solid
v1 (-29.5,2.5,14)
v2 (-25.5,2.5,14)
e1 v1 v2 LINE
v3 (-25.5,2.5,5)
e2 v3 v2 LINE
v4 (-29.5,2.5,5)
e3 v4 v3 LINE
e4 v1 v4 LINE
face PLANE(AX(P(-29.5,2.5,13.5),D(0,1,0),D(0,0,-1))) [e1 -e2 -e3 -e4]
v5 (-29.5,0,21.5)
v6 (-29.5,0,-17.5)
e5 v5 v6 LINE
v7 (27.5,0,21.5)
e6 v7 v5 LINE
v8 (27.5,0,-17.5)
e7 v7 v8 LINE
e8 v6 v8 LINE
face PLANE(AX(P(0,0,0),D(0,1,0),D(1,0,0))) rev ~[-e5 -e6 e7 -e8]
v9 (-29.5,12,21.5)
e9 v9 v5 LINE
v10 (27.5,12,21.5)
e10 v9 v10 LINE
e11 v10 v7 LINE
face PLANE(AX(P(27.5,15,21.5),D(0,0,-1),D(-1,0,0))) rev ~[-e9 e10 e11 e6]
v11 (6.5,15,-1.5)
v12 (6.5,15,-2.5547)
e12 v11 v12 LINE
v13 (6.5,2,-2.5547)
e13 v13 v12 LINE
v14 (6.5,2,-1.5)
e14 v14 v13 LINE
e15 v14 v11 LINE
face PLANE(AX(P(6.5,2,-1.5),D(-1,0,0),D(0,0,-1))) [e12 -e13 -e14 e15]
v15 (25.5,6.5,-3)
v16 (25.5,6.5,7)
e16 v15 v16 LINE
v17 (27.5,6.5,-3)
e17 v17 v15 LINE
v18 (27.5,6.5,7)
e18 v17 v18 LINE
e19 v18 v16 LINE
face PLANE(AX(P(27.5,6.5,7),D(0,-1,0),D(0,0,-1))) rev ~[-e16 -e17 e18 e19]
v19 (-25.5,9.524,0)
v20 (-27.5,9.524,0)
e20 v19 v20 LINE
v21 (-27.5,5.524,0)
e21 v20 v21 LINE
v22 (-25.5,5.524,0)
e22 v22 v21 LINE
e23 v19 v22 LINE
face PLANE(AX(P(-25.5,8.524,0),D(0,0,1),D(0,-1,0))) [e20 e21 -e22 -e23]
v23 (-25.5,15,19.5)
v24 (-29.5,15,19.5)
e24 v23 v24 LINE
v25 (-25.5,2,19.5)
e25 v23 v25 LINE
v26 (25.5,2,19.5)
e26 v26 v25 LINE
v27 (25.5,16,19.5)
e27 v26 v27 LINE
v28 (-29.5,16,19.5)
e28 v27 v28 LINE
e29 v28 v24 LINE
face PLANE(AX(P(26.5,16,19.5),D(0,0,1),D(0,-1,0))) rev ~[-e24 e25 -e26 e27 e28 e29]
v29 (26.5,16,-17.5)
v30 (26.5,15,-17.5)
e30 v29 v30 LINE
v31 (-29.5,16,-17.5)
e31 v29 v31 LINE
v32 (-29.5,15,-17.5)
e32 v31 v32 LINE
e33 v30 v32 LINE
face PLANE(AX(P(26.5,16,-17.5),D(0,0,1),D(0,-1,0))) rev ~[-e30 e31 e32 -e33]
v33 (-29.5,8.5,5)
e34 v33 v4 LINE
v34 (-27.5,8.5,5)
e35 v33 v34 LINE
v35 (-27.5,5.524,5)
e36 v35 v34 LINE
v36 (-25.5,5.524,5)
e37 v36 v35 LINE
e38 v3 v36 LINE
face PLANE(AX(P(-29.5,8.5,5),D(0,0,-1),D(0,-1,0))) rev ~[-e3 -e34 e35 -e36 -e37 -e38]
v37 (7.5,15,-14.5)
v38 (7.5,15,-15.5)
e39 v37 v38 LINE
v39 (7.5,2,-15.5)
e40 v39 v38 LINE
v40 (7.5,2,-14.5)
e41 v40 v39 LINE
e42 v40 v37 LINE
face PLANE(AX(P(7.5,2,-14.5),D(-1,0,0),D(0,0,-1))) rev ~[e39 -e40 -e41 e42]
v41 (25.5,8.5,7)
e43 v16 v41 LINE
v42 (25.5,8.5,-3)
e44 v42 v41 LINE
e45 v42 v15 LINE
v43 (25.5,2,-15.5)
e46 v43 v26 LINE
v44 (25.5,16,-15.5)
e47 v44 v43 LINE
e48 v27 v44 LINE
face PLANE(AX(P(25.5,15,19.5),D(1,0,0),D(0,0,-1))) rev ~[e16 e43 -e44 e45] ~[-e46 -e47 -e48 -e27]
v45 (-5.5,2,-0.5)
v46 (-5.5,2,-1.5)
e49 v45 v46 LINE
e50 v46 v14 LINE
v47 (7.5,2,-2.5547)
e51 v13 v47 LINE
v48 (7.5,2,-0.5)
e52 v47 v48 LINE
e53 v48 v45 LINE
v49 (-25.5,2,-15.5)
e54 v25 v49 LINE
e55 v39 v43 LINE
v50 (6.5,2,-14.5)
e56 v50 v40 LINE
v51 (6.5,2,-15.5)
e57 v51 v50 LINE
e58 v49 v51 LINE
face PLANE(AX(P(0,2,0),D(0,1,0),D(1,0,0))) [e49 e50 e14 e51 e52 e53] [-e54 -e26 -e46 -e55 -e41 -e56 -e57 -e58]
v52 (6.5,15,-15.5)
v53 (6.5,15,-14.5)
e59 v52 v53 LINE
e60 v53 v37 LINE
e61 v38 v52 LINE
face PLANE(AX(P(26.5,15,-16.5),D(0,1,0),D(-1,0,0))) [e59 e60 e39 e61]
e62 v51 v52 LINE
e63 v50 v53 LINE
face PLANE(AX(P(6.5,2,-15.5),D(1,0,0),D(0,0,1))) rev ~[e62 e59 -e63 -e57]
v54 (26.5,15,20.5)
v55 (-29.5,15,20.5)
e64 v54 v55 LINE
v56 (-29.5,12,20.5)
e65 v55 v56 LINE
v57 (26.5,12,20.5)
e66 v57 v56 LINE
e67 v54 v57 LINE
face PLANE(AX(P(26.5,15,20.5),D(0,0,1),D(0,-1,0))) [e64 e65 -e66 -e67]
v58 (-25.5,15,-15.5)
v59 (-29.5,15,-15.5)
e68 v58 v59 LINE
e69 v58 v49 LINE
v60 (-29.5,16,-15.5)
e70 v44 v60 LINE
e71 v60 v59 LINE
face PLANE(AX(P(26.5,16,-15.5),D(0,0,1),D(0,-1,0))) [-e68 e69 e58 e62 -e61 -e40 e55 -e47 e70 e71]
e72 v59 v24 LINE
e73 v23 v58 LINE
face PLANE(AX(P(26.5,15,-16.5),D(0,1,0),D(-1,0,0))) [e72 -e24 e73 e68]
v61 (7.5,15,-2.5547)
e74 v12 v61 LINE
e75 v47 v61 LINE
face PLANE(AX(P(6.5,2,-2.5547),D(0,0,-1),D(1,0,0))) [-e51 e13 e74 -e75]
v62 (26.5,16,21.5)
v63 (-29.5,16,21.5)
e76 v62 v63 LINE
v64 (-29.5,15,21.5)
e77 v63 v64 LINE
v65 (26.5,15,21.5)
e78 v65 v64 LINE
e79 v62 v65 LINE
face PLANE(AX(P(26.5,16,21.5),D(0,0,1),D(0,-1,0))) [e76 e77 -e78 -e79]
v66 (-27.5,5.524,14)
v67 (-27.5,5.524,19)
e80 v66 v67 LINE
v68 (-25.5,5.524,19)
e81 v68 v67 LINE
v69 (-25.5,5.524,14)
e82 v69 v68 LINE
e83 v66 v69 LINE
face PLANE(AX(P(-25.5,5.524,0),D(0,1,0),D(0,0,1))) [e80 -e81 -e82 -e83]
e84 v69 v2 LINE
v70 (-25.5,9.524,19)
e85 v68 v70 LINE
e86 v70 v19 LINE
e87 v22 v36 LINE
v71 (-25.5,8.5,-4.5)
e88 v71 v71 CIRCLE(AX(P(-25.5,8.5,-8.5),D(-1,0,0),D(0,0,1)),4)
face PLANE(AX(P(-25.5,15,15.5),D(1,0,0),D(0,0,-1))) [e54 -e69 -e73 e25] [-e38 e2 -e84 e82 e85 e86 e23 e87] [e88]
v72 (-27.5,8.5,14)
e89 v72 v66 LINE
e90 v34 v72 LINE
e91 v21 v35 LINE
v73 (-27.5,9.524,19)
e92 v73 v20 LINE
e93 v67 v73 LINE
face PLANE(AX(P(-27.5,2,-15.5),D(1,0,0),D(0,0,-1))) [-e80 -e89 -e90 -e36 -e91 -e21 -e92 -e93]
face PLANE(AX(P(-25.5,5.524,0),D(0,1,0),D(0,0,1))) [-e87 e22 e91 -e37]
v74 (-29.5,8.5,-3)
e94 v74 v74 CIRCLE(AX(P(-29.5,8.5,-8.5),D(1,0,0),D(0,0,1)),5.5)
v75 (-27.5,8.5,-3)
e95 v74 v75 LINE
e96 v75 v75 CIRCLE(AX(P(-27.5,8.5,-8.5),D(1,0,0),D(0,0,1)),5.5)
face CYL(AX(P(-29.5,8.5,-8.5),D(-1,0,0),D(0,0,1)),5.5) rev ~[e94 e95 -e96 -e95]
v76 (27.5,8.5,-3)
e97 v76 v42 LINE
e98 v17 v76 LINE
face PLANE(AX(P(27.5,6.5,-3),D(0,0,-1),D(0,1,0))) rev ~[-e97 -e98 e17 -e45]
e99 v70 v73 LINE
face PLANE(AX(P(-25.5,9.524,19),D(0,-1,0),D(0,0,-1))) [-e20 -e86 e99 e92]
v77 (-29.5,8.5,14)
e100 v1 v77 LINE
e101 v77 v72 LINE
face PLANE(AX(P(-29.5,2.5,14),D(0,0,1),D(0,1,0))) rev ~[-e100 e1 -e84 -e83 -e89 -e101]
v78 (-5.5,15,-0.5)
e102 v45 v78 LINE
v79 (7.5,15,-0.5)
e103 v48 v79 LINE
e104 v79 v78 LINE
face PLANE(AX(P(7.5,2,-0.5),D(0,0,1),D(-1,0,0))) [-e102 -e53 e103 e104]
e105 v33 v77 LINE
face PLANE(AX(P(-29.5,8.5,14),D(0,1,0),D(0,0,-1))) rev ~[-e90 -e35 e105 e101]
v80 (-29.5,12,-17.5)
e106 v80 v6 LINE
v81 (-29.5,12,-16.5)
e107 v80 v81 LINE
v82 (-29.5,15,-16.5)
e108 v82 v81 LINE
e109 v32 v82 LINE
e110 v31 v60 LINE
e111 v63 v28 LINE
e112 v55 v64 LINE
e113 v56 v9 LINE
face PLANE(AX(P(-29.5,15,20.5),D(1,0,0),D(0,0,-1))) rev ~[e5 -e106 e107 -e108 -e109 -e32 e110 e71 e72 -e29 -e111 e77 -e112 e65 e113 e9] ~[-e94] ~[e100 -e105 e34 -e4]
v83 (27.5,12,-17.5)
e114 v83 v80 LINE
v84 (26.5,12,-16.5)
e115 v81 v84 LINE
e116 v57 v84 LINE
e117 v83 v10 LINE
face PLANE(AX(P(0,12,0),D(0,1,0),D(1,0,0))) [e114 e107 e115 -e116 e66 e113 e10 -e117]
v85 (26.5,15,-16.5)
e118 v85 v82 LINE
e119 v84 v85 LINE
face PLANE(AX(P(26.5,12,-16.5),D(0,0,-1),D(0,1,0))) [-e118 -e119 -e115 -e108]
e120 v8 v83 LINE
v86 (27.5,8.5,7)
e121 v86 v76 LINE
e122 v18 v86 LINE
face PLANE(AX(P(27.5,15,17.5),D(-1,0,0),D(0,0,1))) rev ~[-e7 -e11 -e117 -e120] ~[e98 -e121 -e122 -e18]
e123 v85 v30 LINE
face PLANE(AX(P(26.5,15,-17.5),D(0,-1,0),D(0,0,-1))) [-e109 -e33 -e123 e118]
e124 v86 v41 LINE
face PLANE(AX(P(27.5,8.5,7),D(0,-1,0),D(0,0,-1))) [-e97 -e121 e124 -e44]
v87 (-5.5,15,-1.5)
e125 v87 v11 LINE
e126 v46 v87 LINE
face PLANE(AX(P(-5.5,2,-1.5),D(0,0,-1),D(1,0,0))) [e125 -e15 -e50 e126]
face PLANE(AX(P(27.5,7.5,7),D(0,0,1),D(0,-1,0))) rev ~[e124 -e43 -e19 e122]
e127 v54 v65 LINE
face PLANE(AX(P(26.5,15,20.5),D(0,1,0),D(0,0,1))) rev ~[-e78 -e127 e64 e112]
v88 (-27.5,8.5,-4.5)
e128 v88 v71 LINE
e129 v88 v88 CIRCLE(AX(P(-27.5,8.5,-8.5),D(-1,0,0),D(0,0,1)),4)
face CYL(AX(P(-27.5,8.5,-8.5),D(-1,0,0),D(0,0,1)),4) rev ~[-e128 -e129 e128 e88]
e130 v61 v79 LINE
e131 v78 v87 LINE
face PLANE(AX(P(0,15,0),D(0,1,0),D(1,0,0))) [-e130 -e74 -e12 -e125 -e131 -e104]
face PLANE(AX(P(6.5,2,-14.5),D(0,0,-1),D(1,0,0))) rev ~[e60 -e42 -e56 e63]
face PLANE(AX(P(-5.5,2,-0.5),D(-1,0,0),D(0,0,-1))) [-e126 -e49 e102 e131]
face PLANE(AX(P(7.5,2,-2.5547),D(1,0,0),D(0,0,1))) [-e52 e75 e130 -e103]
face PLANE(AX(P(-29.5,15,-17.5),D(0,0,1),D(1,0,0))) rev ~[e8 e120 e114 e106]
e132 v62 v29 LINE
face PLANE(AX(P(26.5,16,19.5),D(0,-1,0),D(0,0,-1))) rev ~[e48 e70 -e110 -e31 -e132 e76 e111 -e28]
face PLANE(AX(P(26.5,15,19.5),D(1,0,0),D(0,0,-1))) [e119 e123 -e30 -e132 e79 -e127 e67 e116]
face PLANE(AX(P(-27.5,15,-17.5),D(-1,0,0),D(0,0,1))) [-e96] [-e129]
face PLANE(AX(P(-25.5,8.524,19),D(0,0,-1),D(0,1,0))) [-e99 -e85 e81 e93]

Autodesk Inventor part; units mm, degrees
ref_plane "YZ Plane" through (0, 0, 0) normal (1, 0, 0) x (0, 1, 0)
ref_plane "XZ Plane" through (0, 0, 0) normal (0, 1, 0) x (-1, 0, 0)
ref_plane "XY Plane" through (0, 0, 0) normal (0, 0, 1) x (1, 0, 0)
sketch "Boceto1" plane through (0, 0, 0) normal (0, 1, 0) x (-1, 0, 0)
  line L0 (27.5, -17.5) -> (-27.5, -17.5)
  line L1 (-27.5, -17.5) -> (-27.5, 17.5)
  line L2 (-27.5, 17.5) -> (27.5, 17.5)
  line L3 (27.5, 17.5) -> (27.5, -17.5)
  line L4 (27.5, -17.5) -> (-27.5, 17.5) construction
  line L5 (-27.5, -17.5) -> (27.5, 17.5) construction
  point P0 (0, 0)
  dimension "d0" = 55
  dimension "d1" = 35
extrude "Extrusión1" add sketch "Boceto1" along normal blind 15
sketch "Boceto2" plane through (0, 15, 0) normal (0, 1, 0) x (1, 0, 0)
  line L0 (25.5, -15.5) -> (-25.5, -15.5)
  line L1 (-25.5, -15.5) -> (-25.5, 15.5)
  line L2 (-25.5, 15.5) -> (25.5, 15.5)
  line L3 (25.5, 15.5) -> (25.5, -15.5)
  line L4 (25.5, -15.5) -> (-25.5, 15.5) construction
  line L5 (-25.5, -15.5) -> (25.5, 15.5) construction
  point P0 (0, 0)
  dimension "d4" = 51
  dimension "d5" = 31
extrude "Extrusión2" cut sketch "Boceto2" against normal blind 13
sketch "Boceto3" plane through (-27.5, 0, -17.5) normal (-1, 0, 0) x (0, 0, 1)
  point P0 (17.5, 0)
sketch "Boceto4" plane through (0, 15, 0) normal (0, 1, 0) x (1, 0, 0)
  line L0 (-27.5, 17.5) -> (-27.5, -17.5) projected
  line L1 (-27.5, -17.5) -> (-29.5, -17.5)
  line L2 (-29.5, -17.5) -> (-29.5, 17.5)
  line L3 (-29.5, 17.5) -> (-27.5, 17.5)
  line L4 (-27.5, 17.5) -> (-27.5, -17.5)
  point P0 (0, 0)
  dimension "d8" = 2
extrude "Extrusión3" add sketch "Boceto4" against normal blind 15
sketch "Boceto5" plane through (-29.5, 15, -17.5) normal (-1, 0, 0) x (0, 0, 1)
  line L0 (35, 0) -> (0, 0) projected
  line L1 (0, 0) -> (9, 0)
  line L2 (9, 0) -> (9, -6.5)
  line L3 (2, -13) -> (33, -13) projected
  circle A0 centre (9, -6.5) radius 5.5
  point P0 (17.5, -15)
  dimension "d11" = 9
  dimension "d12" = 6.5
  dimension "d13" = 11
extrude "Extrusión4" cut sketch "Boceto5" against normal blind 2
sketch "Boceto6" plane through (-27.5, 8.5, -8.5) normal (-1, 0, 0) x (0, 0, 1)
  circle A0 centre (0, 0) radius 4
  point P0 (8.5, -8.5)
  dimension "d16" = 8
extrude "Extrusión5" cut sketch "Boceto6" against normal blind 2
sketch "Boceto7" plane through (0, 2, 0) normal (0, 1, 0) x (1, 0, 0)
  line L0 (-27.5, 3) -> (-27.5, 14) projected
  line L1 (-27.5, 3) -> (-27.5, 8.5)
  line L2 (-25.5, -15.5) -> (-25.5, 15.5) projected
  line L3 (-25.5, 8.5) -> (-25.5, 1.5)
  line L4 (-25.5, 15.5) -> (25.5, 15.5) projected
  line L5 (7.5, 15.5) -> (7.5, 14.5)
  line L6 (7.5, 14.5) -> (6.5, 14.5)
  line L7 (6.5, 14.5) -> (6.5, 15.5)
  line L8 (6.5, 1.5) -> (6.5, 2.5547)
  line L9 (6.5, 2.5547) -> (7.5, 2.5547)
  line L10 (7.5, 2.5547) -> (7.5, 0.5)
  line L11 (7.5, 0.5) -> (-5.5, 0.5)
  line L12 (-5.5, 0.5) -> (-5.5, 1.5)
  line L13 (-5.5, 1.5) -> (6.5, 1.5)
  point P0 (0, 0)
  dimension "d19" = 7
  dimension "d27" = 32
extrude "Extrusión6" add sketch "Boceto7" along normal blind 13 contours L8 L9 L10 L11 L12 L13
sketch "Boceto8" plane through (0, 2, 0) normal (0, 1, 0) x (1, 0, 0)
  line L0 (6.5, 1.5) -> (6.5, 2.5547) projected
  line L1 (-25.5, 15.5) -> (25.5, 15.5) projected
  line L2 (6.5, 15.5) -> (6.5, 14.5)
  line L3 (6.5, 14.5) -> (7.5, 14.5)
  line L4 (7.5, 14.5) -> (7.5, 15.5)
  point P0 (0, 0)
extrude "Extrusión7" add sketch "Boceto8" along normal blind 13
sketch "Boceto9" plane through (0, 15, 0) normal (0, 1, 0) x (1, 0, 0)
  line L0 (-29.5, -17.5) -> (27.5, -17.5) projected
  line L1 (27.5, -17.5) -> (27.5, -21.5)
  line L2 (27.5, -21.5) -> (-29.5, -21.5)
  line L3 (-29.5, -21.5) -> (-29.5, -17.5)
  point P0 (0, 0)
  dimension "d34" = 4
extrude "Extrusión8" add sketch "Boceto9" against normal blind 15
sketch "Boceto10" plane through (0, 15, 0) normal (0, 1, 0) x (1, 0, 0)
  line L0 (25.5, -15.5) -> (-25.5, -15.5) projected
  line L1 (-25.5, -15.5) -> (25.5, -15.5)
  line L2 (25.5, -15.5) -> (25.5, -19.5)
  line L3 (25.5, -19.5) -> (-25.5, -19.5)
  line L4 (-25.5, -19.5) -> (-25.5, -15.5)
  point P0 (0, 0)
  dimension "d37" = 4
extrude "Extrusión9" cut sketch "Boceto10" against normal blind 13
sketch "Boceto11" plane through (-29.5, 0, -17.5) normal (-1, 0, 0) x (0, 0, 1)
  line L0 (39, 15) -> (37, 15)
  line L1 (39, 15) -> (0, 15) projected
  line L2 (37, 15) -> (27, 15)
  line L3 (0, 0) -> (39, 0) projected
  line L4 (2, 2) -> (37, 2) projected
  line L5 (27, 5.5) -> (27, 8.5)
  line L6 (27, 5.5) -> (31, 5.5)
  line L7 (31, 5.5) -> (31, 2.5)
  line L8 (31, 2.5) -> (23, 2.5)
  line L9 (23, 2.5) -> (23, 5.5)
  line L10 (23, 5.5) -> (27, 5.5)
  point P0 (17.5, 0)
  dimension "d41" = 10
  dimension "d45" = 3
  dimension "d46" = 4
extrude "Extrusión10" cut sketch "Boceto11" against normal blind 4
sketch "Boceto12" plane through (-25.5, 2, -15.5) normal (1, 0, 0) x (0, 0, -1)
  line L0 (-29, 3.5) -> (-29, 0.5) projected
  line L1 (-29, 3.5) -> (-25, 3.5)
  line L2 (-29, 3.5) -> (-21, 3.5) projected
  line L3 (-25, 6.5) -> (-21, 6.5)
  line L4 (-21, 0.5) -> (-21, 3.5) projected
  line L5 (-21, 6.5) -> (-21, 3.5)
  line L6 (-21, 3.5) -> (-29, 3.5)
  line L7 (-29, 6.5) -> (-29, 3.2703)
  line L8 (-29, 6.5) -> (-25, 6.5)
  point P0 (-15.5, -2)
sketch "Boceto13" plane through (-25.5, 2, -15.5) normal (1, 0, 0) x (0, 0, -1)
  line L0 (-25, 3.524) -> (-34.5, 3.524)
  line L1 (-35, 13) -> (-35, 0) projected
  line L2 (-34.5, 3.524) -> (-34.5, 6.524)
  line L3 (-35, 13) -> (0, 13) projected
  line L4 (-34.5, 6.524) -> (-15.5, 6.524)
  line L5 (-15.5, 6.524) -> (-15.5, 3.524)
  line L6 (-35, 0) -> (0, 0) projected
  line L7 (-15.5, 3.524) -> (-25, 3.524)
  point P0 (-15.5, -2)
  dimension "d52" = 9.5
  dimension "d54" = 3
  dimension "d55" = 19
  dimension "d56" = 3
extrude "Extrusión11" cut sketch "Boceto13" against normal blind 2
sketch "Boceto14" plane through (27.5, 0, -17.5) normal (1, 0, 0) x (0, 0, -1)
  line L0 (0, 15) -> (0, 0) projected
  line L1 (0, 0) -> (-19.5, 0)
  line L2 (-39, 0) -> (0, 0) projected
  line L3 (-19.5, 0) -> (-19.5, 7.5)
  line L4 (-36.5, 8.524) -> (-17.5, 8.524) projected
  line L5 (-19.5, 7.5) -> (-24.5, 7.5)
  line L6 (-39, 15) -> (-39, 0) projected
  line L7 (-24.5, 7.5) -> (-24.5, 6.5)
  line L8 (-24.5, 6.5) -> (-14.5, 6.5)
  line L9 (-14.5, 6.5) -> (-14.5, 8.5)
  line L10 (-37, 15) -> (-2, 15) projected
  line L11 (-24.5, 6.5) -> (-24.5, 8.5)
  line L12 (-24.5, 8.5) -> (-14.5, 8.5)
  point P0 (-17.5, 0)
  dimension "d59" = 19.5
  dimension "d60" = 7.5
  dimension "d61" = 5
  dimension "d62" = 1
  dimension "d63" = 10
  dimension "d64" = 2
  dimension "d65" = 2
extrude "Extrusión12" cut sketch "Boceto14" against normal blind 3
sketch "Boceto15" plane through (0, 15, 0) normal (0, 1, 0) x (1, 0, 0)
  line L0 (27.5, -21.5) -> (-29.5, -21.5) projected
  line L1 (27.5, 17.5) -> (-29.5, 17.5) projected
  line L2 (-29.5, -21.5) -> (27.5, -21.5)
  line L3 (27.5, -21.5) -> (27.5, 17.5)
  line L4 (27.5, 17.5) -> (-29.5, 17.5)
  line L5 (27.5, -21.5) -> (27.5, 17.5) projected
  line L6 (27.5, 17.5) -> (27.5, 16.5)
  line L7 (26.5, 16.5) -> (-28.5, 16.5)
  line L8 (-28.5, -20.5) -> (26.5, -20.5)
  line L9 (26.5, -20.5) -> (26.5, 16.5)
  line L10 (-28.5, 16.5) -> (-29.5, 16.5)
  line L11 (-29.5, 17.5) -> (-29.5, -21.5) projected
  line L12 (27.5, 17.5) -> (-29.5, 17.5) projected
  line L13 (-29.5, 16.5) -> (-29.5, 17.5)
  line L14 (-28.5, -20.5) -> (-29.5, -20.5)
  line L15 (-29.5, -21.5) -> (-29.5, -20.5)
  point P0 (0, 0)
  dimension "d69" = 1
  dimension "d70" = 55
  dimension "d71" = 37
sketch "Boceto16" plane through (0, 15, 0) normal (0, 1, 0) x (1, 0, 0)
  point P0 (0, 0)
extrude "Extrusión13" cut sketch "Boceto15" against normal blind 3 contours L0 L11 L14 L8 L9 L7 L10 L1 L3
sketch "Boceto17" plane through (-29.5, 15, 20.5) normal (0, 0, 1) x (1, 0, 0)
  line L0 (0, 0) -> (56, 0) projected
  line L1 (56, 0) -> (56, -3) projected
  line L2 (0, 0) -> (56, 0)
  line L3 (56, 0) -> (56, -1.5)
  line L4 (56, -1.5) -> (0, -1.5)
  line L5 (0, -1.5) -> (0, 0)
  point P0 (29.5, -15)
extrude "Extrusión14" add sketch "Boceto17" along normal blind 1
sketch "Boceto18" plane through (26.5, 15, -16.5) normal (0, 0, -1) x (-1, 0, 0)
  line L0 (0, 0) -> (56, 0) projected
  line L1 (0, -1.5) -> (56, -1.5) projected
  line L2 (0, 0) -> (56, 0)
  line L3 (56, 0) -> (56, -1.5)
  line L4 (56, -1.5) -> (0, -1.5)
  line L5 (0, -1.5) -> (0, 0)
  point P0 (26.5, -15)
extrude "Extrusión15" add sketch "Boceto18" along normal blind 1
sketch "Boceto19" plane through (-29.5, 0, -17.5) normal (-1, 0, 0) x (0, 0, 1)
  line L0 (23, 2.5) -> (23, 5.5) projected
  line L1 (23, 5.5) -> (31, 5.5)
  line L2 (31, 5.5) -> (31, 8.5)
  line L3 (31, 8.5) -> (23, 8.5)
  line L4 (23, 8.5) -> (23, 5.5)
  point P0 (17.5, 0)
  dimension "d78" = 8
  dimension "d79" = 3
extrude "Extrusión16" cut sketch "Boceto19" against normal blind 6
sketch "Boceto20" plane through (-29.5, 0, -17.5) normal (-1, 0, 0) x (0, 0, 1)
  line L0 (23, 8.5) -> (23, 5.524) projected
  line L1 (23, 8.5) -> (22.5, 8.5)
  line L2 (24.5, 8.5) -> (14.5, 8.5) projected
  line L3 (22.5, 8.5) -> (22.5, 2.5)
  line L4 (22.5, 2.5) -> (31.5, 2.5)
  line L5 (23, 2.5) -> (31, 2.5) projected
  line L6 (31.5, 2.5) -> (31.5, 8.5)
  line L7 (31.5, 8.5) -> (22.5, 8.5)
  point P0 (17.5, 0)
  dimension "d82" = 0.5
  dimension "d83" = 6
  dimension "d84" = 9
  dimension "d85" = 6
extrude "Extrusión17" cut sketch "Boceto20" against normal blind 6
sketch "Boceto21" plane through (-25.5, 2, -15.5) normal (1, 0, 0) x (0, 0, -1)
  line L0 (-34.5, 6.524) -> (-15.5, 6.524) projected
  line L1 (-34.5, 6.524) -> (-34.5, 7.524)
  line L2 (-34.5, 7.524) -> (-15.5, 7.524)
  line L3 (-15.5, 7.524) -> (-15.5, 6.524)
  line L4 (-15.5, 6.524) -> (-34.5, 6.524)
  point P0 (-15.5, -2)
  dimension "d88" = 1
extrude "Extrusión18" cut sketch "Boceto21" against normal blind 2
sketch "Boceto22" plane through (26.5, 12, 20.5) normal (1, 0, 0) x (0, 0, -1)
  line L0 (0, 0) -> (37, 0) projected
  line L1 (37, 0) -> (37, 3)
  line L2 (-1, 3) -> (38, 3) projected
  line L3 (37, 3) -> (38, 3)
  line L4 (37, 0) -> (38, 0) projected
  line L5 (38, 3) -> (38, 0)
  line L6 (38, 0) -> (37, 0)
  line L7 (0, 1.5) -> (0, 0) projected
  line L8 (-1, 0) -> (-1, -12) projected
  line L9 (0, 0) -> (-1, 0)
  line L10 (-1, 0) -> (-1, 3)
  line L11 (0, 3) -> (0, 0)
  point P0 (20.5, -12)
extrude "Extrusión19" cut sketch "Boceto22" against normal blind 100 contours L9 L10 L2 L11 L7 | L1 L2 L5 L4
sketch "Boceto23" plane through (26.5, 15, 20.5) normal (1, 0, 0) x (0, 0, -1)
  line L0 (37, 0) -> (37, -3) projected
  line L1 (37, 0) -> (38, 0)
  line L2 (38, 0) -> (38.5, 0)
  line L3 (38.5, 0) -> (38.5, 1)
  line L4 (38.5, 1) -> (37, 1)
  line L5 (37, 1) -> (36, 1)
  line L6 (36, 1) -> (36, 0)
  line L7 (37, 0) -> (36, 0)
  line L8 (0, 0) -> (37, 0) projected
  point P0 (20.5, -15)
  dimension "d93" = 1
  dimension "d94" = 0.5
  dimension "d95" = 1
extrude "Extrusión20" add sketch "Boceto23" against normal blind 56
sketch "Boceto24" plane through (26.5, 15, 20.5) normal (1, 0, 0) x (0, 0, -1)
  line L0 (36, 0) -> (0, 0) projected
  line L1 (0, 0) -> (-1.5, 0)
  line L2 (-1.5, 0) -> (-1.5, 1)
  line L3 (-1.5, 1) -> (0.5, 1)
  line L4 (0.5, 1) -> (1, 1)
  line L5 (1, 0) -> (36, 0) projected
  line L6 (1, 1) -> (1, 0)
  line L7 (1, 0) -> (0, 0)
  point P0 (20.5, -15)
  dimension "d98" = 1.5
  dimension "d99" = 1
  dimension "d100" = 2
  dimension "d101" = 0.5
extrude "Extrusión21" add sketch "Boceto24" against normal blind 56
sketch "Boceto25" plane through (26.5, 15, 19.5) normal (1, 0, 0) x (0, 0, -1)
  line L0 (-2.5, 1) -> (0, 1) projected
  line L1 (-1, 0) -> (-2.5, 0) projected
  line L2 (-2.5, 1) -> (-2, 1)
  line L3 (-2, 1) -> (-2, 0)
  line L4 (-2, 0) -> (-2.5, 0)
  line L5 (-2.5, 0) -> (-2.5, 1)
  line L6 (37.5, 1) -> (35, 1) projected
  line L7 (36, 0) -> (37.5, 0) projected
  line L8 (37.5, 1) -> (37, 1)
  line L9 (37, 1) -> (37, 0)
  line L10 (37, 0) -> (37.5, 0)
  line L11 (37.5, 0) -> (37.5, 1)
  point P0 (19.5, -15)
  point P1 (-2, 1)
  dimension "d104" = 0.5
  dimension "d105" = 0.5
extrude "Extrusión22" cut sketch "Boceto25" against normal blind 56
sketch "Boceto26" plane through (26.5, 15, 19.5) normal (1, 0, 0) x (0, 0, -1)
  point P0 (19.5, -15)
sketch "Boceto27" plane through (26.5, 15, 19.5) normal (1, 0, 0) x (0, 0, -1)
  line L0 (35, 0) -> (0, 0) projected
  line L1 (0, 1) -> (0, 0) projected
  line L2 (35, 0) -> (0, 0)
  line L3 (0, 0) -> (0, 1)
  line L4 (0, 1) -> (35, 1)
  line L5 (35, 1) -> (35, 0)
  point P0 (19.5, -15)
extrude "Extrusión23" add sketch "Boceto27" against normal blind 1
properties part number "CajaArduinoNano"
